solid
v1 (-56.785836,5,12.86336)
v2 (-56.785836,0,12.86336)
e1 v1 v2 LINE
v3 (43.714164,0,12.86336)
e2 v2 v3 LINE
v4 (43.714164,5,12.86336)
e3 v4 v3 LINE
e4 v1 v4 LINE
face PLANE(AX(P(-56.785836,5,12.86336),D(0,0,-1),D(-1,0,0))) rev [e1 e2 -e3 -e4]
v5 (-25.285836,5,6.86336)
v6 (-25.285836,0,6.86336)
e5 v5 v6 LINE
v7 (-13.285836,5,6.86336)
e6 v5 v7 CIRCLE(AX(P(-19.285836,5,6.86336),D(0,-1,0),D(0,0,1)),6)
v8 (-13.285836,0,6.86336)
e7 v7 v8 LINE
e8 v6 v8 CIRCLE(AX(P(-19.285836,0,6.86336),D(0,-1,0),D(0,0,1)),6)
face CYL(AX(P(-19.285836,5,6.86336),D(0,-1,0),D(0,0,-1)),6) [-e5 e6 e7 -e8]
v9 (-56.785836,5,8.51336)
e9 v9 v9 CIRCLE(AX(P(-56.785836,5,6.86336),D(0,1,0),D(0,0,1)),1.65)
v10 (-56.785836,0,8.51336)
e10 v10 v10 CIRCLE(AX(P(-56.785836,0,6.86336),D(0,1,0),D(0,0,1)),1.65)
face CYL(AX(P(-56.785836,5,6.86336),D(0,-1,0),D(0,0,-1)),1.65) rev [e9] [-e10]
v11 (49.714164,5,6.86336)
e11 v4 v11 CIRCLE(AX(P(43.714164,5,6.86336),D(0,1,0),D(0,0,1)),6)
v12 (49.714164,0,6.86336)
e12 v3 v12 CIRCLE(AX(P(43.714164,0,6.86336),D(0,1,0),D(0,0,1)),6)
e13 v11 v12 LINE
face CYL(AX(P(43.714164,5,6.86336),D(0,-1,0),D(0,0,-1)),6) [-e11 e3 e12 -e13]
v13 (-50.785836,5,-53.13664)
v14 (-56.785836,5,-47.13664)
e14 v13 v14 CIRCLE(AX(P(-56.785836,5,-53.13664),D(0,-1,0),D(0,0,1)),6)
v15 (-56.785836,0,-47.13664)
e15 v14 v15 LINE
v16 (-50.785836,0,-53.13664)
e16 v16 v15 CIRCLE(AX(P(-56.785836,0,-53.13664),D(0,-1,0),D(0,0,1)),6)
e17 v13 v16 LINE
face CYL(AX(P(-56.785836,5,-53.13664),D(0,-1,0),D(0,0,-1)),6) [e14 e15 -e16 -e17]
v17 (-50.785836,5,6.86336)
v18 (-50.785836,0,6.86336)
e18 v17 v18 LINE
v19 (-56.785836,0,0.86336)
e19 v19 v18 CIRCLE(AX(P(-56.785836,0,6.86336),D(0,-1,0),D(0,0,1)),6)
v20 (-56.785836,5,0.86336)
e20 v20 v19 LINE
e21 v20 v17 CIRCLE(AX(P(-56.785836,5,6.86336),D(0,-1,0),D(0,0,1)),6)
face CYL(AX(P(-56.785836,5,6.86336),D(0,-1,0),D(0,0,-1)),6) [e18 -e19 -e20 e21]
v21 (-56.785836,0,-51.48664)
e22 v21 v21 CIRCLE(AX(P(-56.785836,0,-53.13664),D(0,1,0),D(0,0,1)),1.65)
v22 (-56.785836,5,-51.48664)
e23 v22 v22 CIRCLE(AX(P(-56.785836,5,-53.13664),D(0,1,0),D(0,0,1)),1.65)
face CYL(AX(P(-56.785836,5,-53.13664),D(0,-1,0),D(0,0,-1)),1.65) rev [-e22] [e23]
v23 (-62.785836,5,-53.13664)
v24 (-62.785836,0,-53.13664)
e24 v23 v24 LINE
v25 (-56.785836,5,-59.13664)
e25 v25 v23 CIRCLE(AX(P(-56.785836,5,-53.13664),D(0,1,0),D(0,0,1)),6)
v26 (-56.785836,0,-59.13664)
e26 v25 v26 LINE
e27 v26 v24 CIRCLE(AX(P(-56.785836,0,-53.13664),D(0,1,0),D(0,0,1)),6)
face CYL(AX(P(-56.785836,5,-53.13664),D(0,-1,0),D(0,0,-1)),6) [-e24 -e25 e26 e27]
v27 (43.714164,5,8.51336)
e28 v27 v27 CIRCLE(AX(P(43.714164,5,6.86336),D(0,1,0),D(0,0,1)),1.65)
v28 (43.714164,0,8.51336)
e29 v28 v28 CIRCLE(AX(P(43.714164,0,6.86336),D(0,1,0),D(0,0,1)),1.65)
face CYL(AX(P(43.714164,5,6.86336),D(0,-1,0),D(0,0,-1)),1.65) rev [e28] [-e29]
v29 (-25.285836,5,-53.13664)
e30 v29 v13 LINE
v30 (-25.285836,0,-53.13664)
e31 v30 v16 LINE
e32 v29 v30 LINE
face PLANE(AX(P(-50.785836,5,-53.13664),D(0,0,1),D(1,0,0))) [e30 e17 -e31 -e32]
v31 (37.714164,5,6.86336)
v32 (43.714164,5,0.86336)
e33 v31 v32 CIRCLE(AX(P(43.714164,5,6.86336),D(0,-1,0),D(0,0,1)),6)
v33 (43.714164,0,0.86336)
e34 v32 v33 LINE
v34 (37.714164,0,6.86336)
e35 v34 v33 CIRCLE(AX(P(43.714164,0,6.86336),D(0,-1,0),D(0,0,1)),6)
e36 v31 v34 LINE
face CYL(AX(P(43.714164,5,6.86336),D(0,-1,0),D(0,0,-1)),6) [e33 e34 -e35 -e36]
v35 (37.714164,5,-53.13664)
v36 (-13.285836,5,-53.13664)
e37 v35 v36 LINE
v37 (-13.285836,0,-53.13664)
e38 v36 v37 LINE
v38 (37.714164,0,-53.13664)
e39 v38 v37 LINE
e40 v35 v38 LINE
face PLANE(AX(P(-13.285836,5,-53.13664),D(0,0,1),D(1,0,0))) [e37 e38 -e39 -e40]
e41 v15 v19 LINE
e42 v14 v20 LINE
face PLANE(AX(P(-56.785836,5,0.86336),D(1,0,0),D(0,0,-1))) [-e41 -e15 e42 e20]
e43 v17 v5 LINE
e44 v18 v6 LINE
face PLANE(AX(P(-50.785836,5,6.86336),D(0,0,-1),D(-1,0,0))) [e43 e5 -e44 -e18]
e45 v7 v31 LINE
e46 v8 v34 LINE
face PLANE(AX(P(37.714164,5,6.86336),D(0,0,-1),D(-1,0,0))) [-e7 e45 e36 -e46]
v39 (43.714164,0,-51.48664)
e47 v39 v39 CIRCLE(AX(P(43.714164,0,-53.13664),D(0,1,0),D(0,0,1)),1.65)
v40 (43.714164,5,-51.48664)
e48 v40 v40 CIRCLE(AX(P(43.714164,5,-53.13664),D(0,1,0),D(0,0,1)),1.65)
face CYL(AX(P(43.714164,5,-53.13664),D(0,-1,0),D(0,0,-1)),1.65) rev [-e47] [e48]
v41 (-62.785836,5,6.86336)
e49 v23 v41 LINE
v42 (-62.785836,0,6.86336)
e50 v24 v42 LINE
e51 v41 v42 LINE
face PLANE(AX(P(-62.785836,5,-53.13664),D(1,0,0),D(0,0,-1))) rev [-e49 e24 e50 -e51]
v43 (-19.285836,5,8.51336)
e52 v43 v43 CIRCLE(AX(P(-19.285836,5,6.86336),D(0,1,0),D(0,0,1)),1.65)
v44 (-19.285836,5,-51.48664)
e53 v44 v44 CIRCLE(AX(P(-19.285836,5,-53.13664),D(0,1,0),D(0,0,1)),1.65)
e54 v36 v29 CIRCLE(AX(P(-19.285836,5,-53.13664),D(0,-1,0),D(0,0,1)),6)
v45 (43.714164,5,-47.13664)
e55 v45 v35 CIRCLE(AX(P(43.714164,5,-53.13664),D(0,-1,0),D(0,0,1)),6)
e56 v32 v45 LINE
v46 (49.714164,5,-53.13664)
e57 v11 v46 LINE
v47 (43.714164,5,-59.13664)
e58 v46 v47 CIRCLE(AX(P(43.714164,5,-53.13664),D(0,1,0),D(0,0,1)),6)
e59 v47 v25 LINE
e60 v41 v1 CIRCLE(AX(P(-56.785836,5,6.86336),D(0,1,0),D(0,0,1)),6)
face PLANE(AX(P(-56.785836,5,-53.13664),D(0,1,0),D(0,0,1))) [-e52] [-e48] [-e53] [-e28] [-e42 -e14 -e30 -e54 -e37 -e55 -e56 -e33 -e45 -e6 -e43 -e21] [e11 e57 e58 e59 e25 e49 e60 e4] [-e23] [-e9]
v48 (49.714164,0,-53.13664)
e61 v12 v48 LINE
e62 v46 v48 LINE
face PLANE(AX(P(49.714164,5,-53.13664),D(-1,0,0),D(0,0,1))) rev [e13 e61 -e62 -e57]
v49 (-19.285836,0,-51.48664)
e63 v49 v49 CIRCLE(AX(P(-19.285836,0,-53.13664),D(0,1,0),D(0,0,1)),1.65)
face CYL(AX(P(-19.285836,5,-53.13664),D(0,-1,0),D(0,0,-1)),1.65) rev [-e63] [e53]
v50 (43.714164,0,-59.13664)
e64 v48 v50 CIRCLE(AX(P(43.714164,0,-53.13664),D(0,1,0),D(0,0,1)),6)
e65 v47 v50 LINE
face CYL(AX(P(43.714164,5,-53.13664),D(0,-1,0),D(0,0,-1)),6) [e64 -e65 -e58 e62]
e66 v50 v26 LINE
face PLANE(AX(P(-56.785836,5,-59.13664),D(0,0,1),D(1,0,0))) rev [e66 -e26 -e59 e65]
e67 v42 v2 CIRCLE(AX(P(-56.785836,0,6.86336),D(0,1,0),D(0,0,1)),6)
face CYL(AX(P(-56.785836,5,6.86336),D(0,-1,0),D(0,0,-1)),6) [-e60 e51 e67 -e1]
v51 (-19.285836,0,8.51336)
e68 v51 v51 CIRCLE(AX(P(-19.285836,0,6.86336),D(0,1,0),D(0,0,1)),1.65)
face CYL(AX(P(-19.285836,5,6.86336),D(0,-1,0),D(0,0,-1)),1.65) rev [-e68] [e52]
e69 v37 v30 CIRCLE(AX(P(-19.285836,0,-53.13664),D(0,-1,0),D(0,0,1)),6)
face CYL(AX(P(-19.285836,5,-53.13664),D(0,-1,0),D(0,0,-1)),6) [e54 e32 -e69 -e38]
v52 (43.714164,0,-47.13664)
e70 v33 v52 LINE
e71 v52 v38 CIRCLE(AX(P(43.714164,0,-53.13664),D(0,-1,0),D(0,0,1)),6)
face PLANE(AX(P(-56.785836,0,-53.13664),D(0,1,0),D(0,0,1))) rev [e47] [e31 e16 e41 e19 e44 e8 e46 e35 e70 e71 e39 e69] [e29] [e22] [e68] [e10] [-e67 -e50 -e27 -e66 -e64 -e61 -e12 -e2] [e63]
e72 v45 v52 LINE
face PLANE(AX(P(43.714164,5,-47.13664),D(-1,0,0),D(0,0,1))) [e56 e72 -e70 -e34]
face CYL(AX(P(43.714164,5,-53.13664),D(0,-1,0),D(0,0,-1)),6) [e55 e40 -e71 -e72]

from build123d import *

# Parameters (mm, degrees)
SKETCH_1_R      = 1.65
EXTRUDE_1_DEPTH = 5


with BuildPart() as part:
    # 草图1 → 凸台-拉伸1 (new body)
    with BuildSketch(Plane(origin=(0, 0, 0), x_dir=(1, 0, 0), z_dir=(0, 1, 0))):
        with BuildLine():
            Line((-62.785835682, 53.136639907), (-62.785835682, -6.863360093))
            ThreePointArc((-62.785835682, -6.863360093), (-61.028476369, -11.10600078), (-56.785835682, -12.863360093))
            Line((-56.785835682, -12.863360093), (43.714164318, -12.863360093))
            ThreePointArc((43.714164318, -12.863360093), (47.956805005, -11.10600078), (49.714164318, -6.863360093))
            Line((49.714164318, -6.863360093), (49.714164318, 53.136639907))
            ThreePointArc((49.714164318, 53.136639907), (47.956805005, 57.379280594), (43.714164318, 59.136639907))
            Line((43.714164318, 59.136639907), (-56.785835682, 59.136639907))
            ThreePointArc((-56.785835682, 59.136639907), (-61.028476369, 57.379280594), (-62.785835682, 53.136639907))
        make_face()
        with Locations(Location((-56.785835682, 53.136639907, 0), (0, 0, 270))):
            Circle(SKETCH_1_R, mode=Mode.SUBTRACT)
        with Locations(Location((-19.285835682, 53.136639907, 0), (0, 0, 270))):
            Circle(SKETCH_1_R, mode=Mode.SUBTRACT)
        with Locations(Location((43.714164318, 53.136639907, 0), (0, 0, 270))):
            Circle(SKETCH_1_R, mode=Mode.SUBTRACT)
        with Locations(Location((-56.785835682, -6.863360093, 0), (0, 0, 270))):
            Circle(SKETCH_1_R, mode=Mode.SUBTRACT)
        with Locations(Location((-19.285835682, -6.863360093, 0), (0, 0, 270))):
            Circle(SKETCH_1_R, mode=Mode.SUBTRACT)
        with Locations(Location((43.714164318, -6.863360093, 0), (0, 0, 270))):
            Circle(SKETCH_1_R, mode=Mode.SUBTRACT)
        with BuildLine():
            Line((-50.785835682, -6.863360093), (-25.285835682, -6.863360093))
            ThreePointArc((-25.285835682, -6.863360093), (-19.285835682, -0.863360093), (-13.285835682, -6.863360093))
            Line((-13.285835682, -6.863360093), (37.714164318, -6.863360093))
            ThreePointArc((37.714164318, -6.863360093), (39.471523631, -2.620719406), (43.714164318, -0.863360093))
            Line((43.714164318, -0.863360093), (43.714164318, 47.136639907))
            ThreePointArc((43.714164318, 47.136639907), (39.471523631, 48.89399922), (37.714164318, 53.136639907))
            Line((37.714164318, 53.136639907), (-13.285835682, 53.136639907))
            ThreePointArc((-13.285835682, 53.136639907), (-19.285835682, 47.136639907), (-25.285835682, 53.136639907))
            Line((-25.285835682, 53.136639907), (-50.785835682, 53.136639907))
            ThreePointArc((-50.785835682, 53.136639907), (-52.543194995, 48.89399922), (-56.785835682, 47.136639907))
            Line((-56.785835682, 47.136639907), (-56.785835682, -0.863360093))
            ThreePointArc((-56.785835682, -0.863360093), (-52.543194995, -2.620719406), (-50.785835682, -6.863360093))
        make_face(mode=Mode.SUBTRACT)
    extrude(amount=EXTRUDE_1_DEPTH)


solid = part.part
